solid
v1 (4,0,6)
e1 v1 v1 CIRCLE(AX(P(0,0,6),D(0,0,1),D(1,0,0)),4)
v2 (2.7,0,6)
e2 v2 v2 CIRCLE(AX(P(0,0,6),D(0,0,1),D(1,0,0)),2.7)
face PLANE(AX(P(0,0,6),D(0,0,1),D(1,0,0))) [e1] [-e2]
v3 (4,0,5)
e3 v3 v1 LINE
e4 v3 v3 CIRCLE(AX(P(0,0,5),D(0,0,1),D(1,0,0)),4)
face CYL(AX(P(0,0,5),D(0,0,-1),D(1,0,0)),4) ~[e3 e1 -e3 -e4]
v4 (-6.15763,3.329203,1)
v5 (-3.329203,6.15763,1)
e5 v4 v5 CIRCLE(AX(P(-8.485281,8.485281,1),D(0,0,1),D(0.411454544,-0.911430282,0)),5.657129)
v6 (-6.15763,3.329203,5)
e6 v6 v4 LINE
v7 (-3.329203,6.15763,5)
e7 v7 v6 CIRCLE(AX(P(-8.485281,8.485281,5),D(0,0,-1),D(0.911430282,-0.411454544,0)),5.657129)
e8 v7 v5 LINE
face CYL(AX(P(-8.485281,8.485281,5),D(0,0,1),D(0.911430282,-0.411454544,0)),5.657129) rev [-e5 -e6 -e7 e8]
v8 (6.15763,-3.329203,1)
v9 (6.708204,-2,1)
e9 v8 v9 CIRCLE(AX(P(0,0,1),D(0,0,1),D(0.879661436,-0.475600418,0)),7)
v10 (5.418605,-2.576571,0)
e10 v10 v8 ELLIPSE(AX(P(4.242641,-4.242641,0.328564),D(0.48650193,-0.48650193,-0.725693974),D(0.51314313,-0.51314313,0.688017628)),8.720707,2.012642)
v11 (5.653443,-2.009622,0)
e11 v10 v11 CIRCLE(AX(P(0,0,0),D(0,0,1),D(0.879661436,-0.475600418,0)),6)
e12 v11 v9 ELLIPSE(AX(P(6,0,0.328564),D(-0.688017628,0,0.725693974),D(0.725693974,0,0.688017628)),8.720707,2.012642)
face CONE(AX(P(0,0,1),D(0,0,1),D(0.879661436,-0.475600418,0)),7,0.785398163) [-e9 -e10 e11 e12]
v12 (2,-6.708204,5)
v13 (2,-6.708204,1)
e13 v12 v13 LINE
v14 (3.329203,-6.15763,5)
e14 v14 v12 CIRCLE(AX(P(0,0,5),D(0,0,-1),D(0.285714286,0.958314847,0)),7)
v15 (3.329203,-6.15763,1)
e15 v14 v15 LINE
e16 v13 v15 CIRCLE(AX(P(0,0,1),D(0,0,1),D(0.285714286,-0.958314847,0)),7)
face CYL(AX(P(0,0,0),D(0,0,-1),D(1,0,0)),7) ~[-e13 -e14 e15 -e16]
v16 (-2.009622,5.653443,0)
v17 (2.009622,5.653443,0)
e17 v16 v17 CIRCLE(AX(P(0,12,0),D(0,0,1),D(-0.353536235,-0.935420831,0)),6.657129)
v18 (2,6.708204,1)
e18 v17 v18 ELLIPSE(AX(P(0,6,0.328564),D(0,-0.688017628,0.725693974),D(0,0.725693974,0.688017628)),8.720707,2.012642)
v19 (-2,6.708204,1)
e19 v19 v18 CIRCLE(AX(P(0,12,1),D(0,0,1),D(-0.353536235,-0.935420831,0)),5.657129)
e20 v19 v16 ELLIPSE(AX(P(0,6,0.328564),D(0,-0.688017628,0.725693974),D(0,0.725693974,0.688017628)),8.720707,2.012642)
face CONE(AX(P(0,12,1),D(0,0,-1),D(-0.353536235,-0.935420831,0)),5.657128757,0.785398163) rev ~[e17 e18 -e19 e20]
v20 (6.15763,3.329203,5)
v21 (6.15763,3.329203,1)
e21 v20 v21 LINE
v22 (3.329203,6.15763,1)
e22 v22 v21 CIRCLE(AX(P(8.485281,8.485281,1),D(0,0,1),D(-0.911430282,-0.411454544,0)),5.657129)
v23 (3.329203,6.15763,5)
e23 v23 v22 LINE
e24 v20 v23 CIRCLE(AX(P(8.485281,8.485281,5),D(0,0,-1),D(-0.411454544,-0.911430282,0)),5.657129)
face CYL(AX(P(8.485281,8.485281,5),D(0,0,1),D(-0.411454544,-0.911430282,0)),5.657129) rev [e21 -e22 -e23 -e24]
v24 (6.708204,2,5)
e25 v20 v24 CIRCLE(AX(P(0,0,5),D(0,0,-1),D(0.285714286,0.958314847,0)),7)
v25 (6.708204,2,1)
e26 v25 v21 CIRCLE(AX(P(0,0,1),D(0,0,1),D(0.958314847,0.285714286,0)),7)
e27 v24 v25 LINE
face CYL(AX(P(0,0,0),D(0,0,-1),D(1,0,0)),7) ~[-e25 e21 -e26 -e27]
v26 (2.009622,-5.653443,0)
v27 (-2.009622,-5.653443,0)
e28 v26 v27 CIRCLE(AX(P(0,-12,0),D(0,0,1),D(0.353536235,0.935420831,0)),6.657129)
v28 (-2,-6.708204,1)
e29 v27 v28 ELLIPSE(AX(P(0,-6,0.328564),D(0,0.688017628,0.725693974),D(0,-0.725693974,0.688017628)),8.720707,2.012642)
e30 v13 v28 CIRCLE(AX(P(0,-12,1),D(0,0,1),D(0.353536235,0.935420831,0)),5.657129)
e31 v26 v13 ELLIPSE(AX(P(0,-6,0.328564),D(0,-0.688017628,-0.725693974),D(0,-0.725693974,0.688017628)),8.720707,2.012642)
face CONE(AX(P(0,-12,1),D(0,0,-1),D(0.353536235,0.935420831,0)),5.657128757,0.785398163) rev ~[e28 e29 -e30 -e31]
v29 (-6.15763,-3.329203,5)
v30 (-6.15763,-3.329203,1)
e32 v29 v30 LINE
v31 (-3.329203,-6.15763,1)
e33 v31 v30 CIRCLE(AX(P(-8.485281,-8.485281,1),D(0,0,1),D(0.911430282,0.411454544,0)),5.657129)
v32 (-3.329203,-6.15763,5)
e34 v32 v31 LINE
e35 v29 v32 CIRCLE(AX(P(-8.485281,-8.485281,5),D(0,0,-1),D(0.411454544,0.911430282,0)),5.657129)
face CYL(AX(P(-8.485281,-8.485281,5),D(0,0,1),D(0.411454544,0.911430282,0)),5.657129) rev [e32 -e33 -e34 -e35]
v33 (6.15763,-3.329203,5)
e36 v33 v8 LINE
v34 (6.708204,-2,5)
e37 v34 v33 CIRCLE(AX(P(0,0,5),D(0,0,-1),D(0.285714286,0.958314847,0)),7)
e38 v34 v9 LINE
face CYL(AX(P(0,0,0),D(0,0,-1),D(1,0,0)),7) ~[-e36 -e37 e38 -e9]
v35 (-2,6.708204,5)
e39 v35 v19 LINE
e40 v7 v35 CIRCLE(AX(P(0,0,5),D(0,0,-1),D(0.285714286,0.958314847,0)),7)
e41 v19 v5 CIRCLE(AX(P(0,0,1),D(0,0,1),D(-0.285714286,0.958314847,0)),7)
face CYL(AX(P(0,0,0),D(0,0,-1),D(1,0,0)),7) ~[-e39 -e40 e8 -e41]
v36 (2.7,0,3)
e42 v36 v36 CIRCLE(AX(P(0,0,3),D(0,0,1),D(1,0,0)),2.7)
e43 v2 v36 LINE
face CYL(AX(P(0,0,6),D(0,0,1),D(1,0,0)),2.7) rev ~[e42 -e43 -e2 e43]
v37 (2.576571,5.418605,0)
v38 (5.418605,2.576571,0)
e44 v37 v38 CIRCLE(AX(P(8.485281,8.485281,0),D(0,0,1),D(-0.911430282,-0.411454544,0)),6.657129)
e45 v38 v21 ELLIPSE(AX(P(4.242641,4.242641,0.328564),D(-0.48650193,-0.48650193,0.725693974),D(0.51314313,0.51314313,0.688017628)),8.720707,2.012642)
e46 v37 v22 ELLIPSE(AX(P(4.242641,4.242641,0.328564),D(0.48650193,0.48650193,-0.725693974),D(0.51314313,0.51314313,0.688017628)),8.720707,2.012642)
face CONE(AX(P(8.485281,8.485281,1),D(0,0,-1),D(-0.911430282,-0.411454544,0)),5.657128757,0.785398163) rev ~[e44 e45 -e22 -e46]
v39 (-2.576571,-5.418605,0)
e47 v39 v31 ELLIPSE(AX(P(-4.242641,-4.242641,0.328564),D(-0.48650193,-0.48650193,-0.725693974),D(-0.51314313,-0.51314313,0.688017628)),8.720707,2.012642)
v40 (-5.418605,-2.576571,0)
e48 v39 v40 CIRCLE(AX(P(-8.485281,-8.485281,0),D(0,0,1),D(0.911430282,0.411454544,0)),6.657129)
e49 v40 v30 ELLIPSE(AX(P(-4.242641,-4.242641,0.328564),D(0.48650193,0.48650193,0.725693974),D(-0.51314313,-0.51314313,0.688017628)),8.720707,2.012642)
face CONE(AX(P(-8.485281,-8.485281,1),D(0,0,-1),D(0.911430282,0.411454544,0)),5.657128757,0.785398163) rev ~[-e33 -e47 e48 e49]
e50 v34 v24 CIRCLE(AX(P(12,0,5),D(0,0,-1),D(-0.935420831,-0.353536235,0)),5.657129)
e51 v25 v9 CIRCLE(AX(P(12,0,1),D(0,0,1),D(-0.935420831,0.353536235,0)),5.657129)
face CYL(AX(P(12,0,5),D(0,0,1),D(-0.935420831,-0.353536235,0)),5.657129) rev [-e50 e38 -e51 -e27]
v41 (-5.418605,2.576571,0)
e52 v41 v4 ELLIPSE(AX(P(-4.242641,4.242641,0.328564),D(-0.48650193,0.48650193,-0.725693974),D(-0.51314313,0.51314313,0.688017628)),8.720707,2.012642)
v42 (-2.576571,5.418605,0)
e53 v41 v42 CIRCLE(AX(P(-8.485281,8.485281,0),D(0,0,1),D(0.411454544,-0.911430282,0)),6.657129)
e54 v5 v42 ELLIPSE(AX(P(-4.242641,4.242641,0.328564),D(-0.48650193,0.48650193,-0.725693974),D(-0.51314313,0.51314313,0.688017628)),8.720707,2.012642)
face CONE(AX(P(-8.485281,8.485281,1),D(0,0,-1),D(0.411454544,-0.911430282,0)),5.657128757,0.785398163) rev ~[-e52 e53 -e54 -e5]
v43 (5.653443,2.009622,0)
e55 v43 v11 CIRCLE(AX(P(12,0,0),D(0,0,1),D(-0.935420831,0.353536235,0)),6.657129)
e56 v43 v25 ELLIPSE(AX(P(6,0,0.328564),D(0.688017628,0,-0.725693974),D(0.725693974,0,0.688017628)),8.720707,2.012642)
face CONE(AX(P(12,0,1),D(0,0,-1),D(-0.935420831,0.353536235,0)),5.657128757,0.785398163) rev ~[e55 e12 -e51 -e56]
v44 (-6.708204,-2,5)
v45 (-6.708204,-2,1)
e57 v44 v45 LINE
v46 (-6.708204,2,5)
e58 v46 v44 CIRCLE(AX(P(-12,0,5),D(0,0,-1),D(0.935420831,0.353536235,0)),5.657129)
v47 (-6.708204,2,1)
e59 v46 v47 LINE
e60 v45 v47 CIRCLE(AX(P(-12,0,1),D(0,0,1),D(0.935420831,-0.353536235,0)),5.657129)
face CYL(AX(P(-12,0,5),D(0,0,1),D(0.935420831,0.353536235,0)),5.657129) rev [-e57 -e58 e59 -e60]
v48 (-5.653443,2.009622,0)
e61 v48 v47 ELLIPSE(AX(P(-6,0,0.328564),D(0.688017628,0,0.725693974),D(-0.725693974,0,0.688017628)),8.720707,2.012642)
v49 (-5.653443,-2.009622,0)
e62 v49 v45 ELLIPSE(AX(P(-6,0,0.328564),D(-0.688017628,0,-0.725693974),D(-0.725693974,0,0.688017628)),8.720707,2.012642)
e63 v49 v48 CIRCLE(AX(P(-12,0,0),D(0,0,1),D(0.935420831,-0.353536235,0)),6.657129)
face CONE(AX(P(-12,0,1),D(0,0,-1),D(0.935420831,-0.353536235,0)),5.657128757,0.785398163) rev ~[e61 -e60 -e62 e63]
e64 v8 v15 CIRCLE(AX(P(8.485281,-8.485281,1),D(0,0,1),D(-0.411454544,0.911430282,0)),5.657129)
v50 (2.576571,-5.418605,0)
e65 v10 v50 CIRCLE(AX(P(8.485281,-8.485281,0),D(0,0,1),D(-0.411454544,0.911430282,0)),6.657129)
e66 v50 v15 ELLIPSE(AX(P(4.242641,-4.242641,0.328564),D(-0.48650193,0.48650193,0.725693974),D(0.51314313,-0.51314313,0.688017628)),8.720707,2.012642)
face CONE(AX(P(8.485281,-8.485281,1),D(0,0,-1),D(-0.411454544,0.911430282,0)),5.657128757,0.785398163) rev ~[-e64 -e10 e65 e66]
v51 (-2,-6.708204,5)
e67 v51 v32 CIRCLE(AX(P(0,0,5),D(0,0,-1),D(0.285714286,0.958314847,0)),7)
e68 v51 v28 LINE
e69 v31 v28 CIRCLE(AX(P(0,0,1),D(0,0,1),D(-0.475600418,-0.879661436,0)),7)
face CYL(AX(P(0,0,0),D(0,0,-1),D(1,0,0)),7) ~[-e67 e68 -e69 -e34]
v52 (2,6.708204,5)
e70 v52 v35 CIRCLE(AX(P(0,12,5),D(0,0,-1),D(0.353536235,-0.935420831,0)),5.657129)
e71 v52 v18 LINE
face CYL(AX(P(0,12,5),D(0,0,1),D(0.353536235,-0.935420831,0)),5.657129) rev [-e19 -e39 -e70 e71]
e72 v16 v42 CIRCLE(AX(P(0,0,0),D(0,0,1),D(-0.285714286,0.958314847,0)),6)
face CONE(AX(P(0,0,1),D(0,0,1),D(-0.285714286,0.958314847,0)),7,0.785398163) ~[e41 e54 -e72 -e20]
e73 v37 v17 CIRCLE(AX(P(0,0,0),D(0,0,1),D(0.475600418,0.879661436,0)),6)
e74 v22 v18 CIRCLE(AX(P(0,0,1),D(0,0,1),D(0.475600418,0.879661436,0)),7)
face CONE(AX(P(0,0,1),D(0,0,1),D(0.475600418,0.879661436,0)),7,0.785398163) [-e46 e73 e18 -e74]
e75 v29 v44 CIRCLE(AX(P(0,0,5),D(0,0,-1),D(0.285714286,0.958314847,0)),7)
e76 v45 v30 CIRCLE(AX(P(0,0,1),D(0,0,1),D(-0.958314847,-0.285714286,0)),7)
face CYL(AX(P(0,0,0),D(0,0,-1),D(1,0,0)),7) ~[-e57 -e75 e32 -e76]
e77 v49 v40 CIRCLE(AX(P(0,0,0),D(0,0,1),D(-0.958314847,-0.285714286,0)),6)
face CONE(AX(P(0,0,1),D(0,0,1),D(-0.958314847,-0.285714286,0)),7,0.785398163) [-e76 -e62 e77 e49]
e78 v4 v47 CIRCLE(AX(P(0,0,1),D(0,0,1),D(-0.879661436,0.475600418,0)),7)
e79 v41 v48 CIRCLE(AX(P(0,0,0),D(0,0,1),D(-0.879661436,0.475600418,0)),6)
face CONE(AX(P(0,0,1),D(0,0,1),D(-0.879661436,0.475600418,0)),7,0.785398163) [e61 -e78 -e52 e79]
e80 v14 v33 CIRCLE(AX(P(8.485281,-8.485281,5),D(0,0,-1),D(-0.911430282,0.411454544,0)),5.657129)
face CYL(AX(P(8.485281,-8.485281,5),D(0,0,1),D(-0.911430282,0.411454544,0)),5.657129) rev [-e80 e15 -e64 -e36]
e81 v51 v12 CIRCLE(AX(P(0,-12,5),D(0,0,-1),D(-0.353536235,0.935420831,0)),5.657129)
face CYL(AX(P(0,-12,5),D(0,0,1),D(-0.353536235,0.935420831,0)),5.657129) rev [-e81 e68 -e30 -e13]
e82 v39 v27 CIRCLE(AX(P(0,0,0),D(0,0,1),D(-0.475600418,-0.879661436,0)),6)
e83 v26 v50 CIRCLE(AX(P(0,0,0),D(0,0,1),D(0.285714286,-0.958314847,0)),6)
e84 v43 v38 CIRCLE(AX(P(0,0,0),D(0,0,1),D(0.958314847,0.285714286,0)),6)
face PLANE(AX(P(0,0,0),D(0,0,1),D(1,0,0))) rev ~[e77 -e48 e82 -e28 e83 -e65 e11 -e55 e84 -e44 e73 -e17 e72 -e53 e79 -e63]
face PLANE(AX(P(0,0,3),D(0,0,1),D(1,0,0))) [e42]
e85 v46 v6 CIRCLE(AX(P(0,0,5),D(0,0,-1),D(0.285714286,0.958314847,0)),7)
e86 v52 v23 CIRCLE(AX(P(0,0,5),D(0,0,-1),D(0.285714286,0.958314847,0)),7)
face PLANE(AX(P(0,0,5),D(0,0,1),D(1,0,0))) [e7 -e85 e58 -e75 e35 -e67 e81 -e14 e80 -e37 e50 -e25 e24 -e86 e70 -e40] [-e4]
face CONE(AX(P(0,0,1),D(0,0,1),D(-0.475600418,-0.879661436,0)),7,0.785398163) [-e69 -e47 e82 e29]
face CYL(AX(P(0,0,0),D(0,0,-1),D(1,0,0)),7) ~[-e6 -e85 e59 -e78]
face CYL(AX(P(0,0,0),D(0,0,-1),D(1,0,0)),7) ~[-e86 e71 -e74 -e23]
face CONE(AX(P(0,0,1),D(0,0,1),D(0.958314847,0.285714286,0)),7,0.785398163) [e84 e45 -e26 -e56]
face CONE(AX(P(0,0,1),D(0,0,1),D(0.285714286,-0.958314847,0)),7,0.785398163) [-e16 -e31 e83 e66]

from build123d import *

# Parameters (mm, degrees)
ESQUISSE1_R                  = 7
BOSS_EXTRU_1_DEPTH           = 5
ENL_V_MAT_EXTRU_2_DEPTH      = 6
R_P_TITION_CIRCULAIRE1_COUNT = 8
CHANFREIN1_SIZE              = 1
ESQUISSE3_R                  = 4
BOSS_EXTRU_2_DEPTH           = 1
ESQUISSE4_R                  = 2.7
ENL_V_MAT_EXTRU_3_DEPTH      = 3


with BuildPart() as part:
    # Esquisse1 → Boss.-Extru.1 (new body)
    with BuildSketch(Plane.XY):
        Circle(ESQUISSE1_R)
    extrude(amount=BOSS_EXTRU_1_DEPTH)

    # Esquisse2 → Enlèv. mat.-Extru.2 (cut, through all)
    with BuildSketch(Plane.XY.offset(5)):
        with BuildLine():
            ThreePointArc((2, 6.708203932), (0, 6.342871257), (-2, 6.708203932))
            ThreePointArc((-2, 6.708203932), (0, 7), (2, 6.708203932))
        make_face()
    enl_v_mat_extru_2 = extrude(amount=-ENL_V_MAT_EXTRU_2_DEPTH, mode=Mode.SUBTRACT)

    # Répétition circulaire1: Enlèv. mat.-Extru.2 ×8 about axis
    r_p_tition_circulaire1_axis = Axis((0, 0, 0), (0, 0, 1))
    for i in range(1, R_P_TITION_CIRCULAIRE1_COUNT):
        add(enl_v_mat_extru_2.rotate(r_p_tition_circulaire1_axis, i * 360 / R_P_TITION_CIRCULAIRE1_COUNT), mode=Mode.SUBTRACT)

    # Chanfrein1
    chanfrein1_edges = [part.edges().sort_by_distance(p)[0] for p in [
        (-6.467156728, 2.678784027, 0),
        (-6.467156728, -2.678784027, 0),
        (-2.678784027, -6.467156728, 0),
        (2.678784027, -6.467156728, 0),
        (6.467156728, -2.678784027, 0),
        (6.467156728, 2.678784027, 0),
        (2.678784027, 6.467156728, 0),
        (-6.342871257, 0, 0),
        (-4.485087278, -4.485087278, 0),
        (0, -6.342871257, 0),
        (4.485087278, -4.485087278, 0),
        (6.342871257, 0, 0),
        (4.485087278, 4.485087278, 0),
        (-2.678784027, 6.467156728, 0),
        (-4.485087278, 4.485087278, 0),
        (0, 6.342871257, 0),
    ]]
    chamfer(chanfrein1_edges, length=CHANFREIN1_SIZE)

    # Esquisse3 → Boss.-Extru.2 (add)
    with BuildSketch(Plane.XY.offset(5)):
        Circle(ESQUISSE3_R)
    extrude(amount=BOSS_EXTRU_2_DEPTH)

    # Esquisse4 → Enlèv. mat.-Extru.3 (cut)
    with BuildSketch(Plane.XY.offset(6)):
        Circle(ESQUISSE4_R)
    extrude(amount=-ENL_V_MAT_EXTRU_3_DEPTH, mode=Mode.SUBTRACT)


solid = part.part
